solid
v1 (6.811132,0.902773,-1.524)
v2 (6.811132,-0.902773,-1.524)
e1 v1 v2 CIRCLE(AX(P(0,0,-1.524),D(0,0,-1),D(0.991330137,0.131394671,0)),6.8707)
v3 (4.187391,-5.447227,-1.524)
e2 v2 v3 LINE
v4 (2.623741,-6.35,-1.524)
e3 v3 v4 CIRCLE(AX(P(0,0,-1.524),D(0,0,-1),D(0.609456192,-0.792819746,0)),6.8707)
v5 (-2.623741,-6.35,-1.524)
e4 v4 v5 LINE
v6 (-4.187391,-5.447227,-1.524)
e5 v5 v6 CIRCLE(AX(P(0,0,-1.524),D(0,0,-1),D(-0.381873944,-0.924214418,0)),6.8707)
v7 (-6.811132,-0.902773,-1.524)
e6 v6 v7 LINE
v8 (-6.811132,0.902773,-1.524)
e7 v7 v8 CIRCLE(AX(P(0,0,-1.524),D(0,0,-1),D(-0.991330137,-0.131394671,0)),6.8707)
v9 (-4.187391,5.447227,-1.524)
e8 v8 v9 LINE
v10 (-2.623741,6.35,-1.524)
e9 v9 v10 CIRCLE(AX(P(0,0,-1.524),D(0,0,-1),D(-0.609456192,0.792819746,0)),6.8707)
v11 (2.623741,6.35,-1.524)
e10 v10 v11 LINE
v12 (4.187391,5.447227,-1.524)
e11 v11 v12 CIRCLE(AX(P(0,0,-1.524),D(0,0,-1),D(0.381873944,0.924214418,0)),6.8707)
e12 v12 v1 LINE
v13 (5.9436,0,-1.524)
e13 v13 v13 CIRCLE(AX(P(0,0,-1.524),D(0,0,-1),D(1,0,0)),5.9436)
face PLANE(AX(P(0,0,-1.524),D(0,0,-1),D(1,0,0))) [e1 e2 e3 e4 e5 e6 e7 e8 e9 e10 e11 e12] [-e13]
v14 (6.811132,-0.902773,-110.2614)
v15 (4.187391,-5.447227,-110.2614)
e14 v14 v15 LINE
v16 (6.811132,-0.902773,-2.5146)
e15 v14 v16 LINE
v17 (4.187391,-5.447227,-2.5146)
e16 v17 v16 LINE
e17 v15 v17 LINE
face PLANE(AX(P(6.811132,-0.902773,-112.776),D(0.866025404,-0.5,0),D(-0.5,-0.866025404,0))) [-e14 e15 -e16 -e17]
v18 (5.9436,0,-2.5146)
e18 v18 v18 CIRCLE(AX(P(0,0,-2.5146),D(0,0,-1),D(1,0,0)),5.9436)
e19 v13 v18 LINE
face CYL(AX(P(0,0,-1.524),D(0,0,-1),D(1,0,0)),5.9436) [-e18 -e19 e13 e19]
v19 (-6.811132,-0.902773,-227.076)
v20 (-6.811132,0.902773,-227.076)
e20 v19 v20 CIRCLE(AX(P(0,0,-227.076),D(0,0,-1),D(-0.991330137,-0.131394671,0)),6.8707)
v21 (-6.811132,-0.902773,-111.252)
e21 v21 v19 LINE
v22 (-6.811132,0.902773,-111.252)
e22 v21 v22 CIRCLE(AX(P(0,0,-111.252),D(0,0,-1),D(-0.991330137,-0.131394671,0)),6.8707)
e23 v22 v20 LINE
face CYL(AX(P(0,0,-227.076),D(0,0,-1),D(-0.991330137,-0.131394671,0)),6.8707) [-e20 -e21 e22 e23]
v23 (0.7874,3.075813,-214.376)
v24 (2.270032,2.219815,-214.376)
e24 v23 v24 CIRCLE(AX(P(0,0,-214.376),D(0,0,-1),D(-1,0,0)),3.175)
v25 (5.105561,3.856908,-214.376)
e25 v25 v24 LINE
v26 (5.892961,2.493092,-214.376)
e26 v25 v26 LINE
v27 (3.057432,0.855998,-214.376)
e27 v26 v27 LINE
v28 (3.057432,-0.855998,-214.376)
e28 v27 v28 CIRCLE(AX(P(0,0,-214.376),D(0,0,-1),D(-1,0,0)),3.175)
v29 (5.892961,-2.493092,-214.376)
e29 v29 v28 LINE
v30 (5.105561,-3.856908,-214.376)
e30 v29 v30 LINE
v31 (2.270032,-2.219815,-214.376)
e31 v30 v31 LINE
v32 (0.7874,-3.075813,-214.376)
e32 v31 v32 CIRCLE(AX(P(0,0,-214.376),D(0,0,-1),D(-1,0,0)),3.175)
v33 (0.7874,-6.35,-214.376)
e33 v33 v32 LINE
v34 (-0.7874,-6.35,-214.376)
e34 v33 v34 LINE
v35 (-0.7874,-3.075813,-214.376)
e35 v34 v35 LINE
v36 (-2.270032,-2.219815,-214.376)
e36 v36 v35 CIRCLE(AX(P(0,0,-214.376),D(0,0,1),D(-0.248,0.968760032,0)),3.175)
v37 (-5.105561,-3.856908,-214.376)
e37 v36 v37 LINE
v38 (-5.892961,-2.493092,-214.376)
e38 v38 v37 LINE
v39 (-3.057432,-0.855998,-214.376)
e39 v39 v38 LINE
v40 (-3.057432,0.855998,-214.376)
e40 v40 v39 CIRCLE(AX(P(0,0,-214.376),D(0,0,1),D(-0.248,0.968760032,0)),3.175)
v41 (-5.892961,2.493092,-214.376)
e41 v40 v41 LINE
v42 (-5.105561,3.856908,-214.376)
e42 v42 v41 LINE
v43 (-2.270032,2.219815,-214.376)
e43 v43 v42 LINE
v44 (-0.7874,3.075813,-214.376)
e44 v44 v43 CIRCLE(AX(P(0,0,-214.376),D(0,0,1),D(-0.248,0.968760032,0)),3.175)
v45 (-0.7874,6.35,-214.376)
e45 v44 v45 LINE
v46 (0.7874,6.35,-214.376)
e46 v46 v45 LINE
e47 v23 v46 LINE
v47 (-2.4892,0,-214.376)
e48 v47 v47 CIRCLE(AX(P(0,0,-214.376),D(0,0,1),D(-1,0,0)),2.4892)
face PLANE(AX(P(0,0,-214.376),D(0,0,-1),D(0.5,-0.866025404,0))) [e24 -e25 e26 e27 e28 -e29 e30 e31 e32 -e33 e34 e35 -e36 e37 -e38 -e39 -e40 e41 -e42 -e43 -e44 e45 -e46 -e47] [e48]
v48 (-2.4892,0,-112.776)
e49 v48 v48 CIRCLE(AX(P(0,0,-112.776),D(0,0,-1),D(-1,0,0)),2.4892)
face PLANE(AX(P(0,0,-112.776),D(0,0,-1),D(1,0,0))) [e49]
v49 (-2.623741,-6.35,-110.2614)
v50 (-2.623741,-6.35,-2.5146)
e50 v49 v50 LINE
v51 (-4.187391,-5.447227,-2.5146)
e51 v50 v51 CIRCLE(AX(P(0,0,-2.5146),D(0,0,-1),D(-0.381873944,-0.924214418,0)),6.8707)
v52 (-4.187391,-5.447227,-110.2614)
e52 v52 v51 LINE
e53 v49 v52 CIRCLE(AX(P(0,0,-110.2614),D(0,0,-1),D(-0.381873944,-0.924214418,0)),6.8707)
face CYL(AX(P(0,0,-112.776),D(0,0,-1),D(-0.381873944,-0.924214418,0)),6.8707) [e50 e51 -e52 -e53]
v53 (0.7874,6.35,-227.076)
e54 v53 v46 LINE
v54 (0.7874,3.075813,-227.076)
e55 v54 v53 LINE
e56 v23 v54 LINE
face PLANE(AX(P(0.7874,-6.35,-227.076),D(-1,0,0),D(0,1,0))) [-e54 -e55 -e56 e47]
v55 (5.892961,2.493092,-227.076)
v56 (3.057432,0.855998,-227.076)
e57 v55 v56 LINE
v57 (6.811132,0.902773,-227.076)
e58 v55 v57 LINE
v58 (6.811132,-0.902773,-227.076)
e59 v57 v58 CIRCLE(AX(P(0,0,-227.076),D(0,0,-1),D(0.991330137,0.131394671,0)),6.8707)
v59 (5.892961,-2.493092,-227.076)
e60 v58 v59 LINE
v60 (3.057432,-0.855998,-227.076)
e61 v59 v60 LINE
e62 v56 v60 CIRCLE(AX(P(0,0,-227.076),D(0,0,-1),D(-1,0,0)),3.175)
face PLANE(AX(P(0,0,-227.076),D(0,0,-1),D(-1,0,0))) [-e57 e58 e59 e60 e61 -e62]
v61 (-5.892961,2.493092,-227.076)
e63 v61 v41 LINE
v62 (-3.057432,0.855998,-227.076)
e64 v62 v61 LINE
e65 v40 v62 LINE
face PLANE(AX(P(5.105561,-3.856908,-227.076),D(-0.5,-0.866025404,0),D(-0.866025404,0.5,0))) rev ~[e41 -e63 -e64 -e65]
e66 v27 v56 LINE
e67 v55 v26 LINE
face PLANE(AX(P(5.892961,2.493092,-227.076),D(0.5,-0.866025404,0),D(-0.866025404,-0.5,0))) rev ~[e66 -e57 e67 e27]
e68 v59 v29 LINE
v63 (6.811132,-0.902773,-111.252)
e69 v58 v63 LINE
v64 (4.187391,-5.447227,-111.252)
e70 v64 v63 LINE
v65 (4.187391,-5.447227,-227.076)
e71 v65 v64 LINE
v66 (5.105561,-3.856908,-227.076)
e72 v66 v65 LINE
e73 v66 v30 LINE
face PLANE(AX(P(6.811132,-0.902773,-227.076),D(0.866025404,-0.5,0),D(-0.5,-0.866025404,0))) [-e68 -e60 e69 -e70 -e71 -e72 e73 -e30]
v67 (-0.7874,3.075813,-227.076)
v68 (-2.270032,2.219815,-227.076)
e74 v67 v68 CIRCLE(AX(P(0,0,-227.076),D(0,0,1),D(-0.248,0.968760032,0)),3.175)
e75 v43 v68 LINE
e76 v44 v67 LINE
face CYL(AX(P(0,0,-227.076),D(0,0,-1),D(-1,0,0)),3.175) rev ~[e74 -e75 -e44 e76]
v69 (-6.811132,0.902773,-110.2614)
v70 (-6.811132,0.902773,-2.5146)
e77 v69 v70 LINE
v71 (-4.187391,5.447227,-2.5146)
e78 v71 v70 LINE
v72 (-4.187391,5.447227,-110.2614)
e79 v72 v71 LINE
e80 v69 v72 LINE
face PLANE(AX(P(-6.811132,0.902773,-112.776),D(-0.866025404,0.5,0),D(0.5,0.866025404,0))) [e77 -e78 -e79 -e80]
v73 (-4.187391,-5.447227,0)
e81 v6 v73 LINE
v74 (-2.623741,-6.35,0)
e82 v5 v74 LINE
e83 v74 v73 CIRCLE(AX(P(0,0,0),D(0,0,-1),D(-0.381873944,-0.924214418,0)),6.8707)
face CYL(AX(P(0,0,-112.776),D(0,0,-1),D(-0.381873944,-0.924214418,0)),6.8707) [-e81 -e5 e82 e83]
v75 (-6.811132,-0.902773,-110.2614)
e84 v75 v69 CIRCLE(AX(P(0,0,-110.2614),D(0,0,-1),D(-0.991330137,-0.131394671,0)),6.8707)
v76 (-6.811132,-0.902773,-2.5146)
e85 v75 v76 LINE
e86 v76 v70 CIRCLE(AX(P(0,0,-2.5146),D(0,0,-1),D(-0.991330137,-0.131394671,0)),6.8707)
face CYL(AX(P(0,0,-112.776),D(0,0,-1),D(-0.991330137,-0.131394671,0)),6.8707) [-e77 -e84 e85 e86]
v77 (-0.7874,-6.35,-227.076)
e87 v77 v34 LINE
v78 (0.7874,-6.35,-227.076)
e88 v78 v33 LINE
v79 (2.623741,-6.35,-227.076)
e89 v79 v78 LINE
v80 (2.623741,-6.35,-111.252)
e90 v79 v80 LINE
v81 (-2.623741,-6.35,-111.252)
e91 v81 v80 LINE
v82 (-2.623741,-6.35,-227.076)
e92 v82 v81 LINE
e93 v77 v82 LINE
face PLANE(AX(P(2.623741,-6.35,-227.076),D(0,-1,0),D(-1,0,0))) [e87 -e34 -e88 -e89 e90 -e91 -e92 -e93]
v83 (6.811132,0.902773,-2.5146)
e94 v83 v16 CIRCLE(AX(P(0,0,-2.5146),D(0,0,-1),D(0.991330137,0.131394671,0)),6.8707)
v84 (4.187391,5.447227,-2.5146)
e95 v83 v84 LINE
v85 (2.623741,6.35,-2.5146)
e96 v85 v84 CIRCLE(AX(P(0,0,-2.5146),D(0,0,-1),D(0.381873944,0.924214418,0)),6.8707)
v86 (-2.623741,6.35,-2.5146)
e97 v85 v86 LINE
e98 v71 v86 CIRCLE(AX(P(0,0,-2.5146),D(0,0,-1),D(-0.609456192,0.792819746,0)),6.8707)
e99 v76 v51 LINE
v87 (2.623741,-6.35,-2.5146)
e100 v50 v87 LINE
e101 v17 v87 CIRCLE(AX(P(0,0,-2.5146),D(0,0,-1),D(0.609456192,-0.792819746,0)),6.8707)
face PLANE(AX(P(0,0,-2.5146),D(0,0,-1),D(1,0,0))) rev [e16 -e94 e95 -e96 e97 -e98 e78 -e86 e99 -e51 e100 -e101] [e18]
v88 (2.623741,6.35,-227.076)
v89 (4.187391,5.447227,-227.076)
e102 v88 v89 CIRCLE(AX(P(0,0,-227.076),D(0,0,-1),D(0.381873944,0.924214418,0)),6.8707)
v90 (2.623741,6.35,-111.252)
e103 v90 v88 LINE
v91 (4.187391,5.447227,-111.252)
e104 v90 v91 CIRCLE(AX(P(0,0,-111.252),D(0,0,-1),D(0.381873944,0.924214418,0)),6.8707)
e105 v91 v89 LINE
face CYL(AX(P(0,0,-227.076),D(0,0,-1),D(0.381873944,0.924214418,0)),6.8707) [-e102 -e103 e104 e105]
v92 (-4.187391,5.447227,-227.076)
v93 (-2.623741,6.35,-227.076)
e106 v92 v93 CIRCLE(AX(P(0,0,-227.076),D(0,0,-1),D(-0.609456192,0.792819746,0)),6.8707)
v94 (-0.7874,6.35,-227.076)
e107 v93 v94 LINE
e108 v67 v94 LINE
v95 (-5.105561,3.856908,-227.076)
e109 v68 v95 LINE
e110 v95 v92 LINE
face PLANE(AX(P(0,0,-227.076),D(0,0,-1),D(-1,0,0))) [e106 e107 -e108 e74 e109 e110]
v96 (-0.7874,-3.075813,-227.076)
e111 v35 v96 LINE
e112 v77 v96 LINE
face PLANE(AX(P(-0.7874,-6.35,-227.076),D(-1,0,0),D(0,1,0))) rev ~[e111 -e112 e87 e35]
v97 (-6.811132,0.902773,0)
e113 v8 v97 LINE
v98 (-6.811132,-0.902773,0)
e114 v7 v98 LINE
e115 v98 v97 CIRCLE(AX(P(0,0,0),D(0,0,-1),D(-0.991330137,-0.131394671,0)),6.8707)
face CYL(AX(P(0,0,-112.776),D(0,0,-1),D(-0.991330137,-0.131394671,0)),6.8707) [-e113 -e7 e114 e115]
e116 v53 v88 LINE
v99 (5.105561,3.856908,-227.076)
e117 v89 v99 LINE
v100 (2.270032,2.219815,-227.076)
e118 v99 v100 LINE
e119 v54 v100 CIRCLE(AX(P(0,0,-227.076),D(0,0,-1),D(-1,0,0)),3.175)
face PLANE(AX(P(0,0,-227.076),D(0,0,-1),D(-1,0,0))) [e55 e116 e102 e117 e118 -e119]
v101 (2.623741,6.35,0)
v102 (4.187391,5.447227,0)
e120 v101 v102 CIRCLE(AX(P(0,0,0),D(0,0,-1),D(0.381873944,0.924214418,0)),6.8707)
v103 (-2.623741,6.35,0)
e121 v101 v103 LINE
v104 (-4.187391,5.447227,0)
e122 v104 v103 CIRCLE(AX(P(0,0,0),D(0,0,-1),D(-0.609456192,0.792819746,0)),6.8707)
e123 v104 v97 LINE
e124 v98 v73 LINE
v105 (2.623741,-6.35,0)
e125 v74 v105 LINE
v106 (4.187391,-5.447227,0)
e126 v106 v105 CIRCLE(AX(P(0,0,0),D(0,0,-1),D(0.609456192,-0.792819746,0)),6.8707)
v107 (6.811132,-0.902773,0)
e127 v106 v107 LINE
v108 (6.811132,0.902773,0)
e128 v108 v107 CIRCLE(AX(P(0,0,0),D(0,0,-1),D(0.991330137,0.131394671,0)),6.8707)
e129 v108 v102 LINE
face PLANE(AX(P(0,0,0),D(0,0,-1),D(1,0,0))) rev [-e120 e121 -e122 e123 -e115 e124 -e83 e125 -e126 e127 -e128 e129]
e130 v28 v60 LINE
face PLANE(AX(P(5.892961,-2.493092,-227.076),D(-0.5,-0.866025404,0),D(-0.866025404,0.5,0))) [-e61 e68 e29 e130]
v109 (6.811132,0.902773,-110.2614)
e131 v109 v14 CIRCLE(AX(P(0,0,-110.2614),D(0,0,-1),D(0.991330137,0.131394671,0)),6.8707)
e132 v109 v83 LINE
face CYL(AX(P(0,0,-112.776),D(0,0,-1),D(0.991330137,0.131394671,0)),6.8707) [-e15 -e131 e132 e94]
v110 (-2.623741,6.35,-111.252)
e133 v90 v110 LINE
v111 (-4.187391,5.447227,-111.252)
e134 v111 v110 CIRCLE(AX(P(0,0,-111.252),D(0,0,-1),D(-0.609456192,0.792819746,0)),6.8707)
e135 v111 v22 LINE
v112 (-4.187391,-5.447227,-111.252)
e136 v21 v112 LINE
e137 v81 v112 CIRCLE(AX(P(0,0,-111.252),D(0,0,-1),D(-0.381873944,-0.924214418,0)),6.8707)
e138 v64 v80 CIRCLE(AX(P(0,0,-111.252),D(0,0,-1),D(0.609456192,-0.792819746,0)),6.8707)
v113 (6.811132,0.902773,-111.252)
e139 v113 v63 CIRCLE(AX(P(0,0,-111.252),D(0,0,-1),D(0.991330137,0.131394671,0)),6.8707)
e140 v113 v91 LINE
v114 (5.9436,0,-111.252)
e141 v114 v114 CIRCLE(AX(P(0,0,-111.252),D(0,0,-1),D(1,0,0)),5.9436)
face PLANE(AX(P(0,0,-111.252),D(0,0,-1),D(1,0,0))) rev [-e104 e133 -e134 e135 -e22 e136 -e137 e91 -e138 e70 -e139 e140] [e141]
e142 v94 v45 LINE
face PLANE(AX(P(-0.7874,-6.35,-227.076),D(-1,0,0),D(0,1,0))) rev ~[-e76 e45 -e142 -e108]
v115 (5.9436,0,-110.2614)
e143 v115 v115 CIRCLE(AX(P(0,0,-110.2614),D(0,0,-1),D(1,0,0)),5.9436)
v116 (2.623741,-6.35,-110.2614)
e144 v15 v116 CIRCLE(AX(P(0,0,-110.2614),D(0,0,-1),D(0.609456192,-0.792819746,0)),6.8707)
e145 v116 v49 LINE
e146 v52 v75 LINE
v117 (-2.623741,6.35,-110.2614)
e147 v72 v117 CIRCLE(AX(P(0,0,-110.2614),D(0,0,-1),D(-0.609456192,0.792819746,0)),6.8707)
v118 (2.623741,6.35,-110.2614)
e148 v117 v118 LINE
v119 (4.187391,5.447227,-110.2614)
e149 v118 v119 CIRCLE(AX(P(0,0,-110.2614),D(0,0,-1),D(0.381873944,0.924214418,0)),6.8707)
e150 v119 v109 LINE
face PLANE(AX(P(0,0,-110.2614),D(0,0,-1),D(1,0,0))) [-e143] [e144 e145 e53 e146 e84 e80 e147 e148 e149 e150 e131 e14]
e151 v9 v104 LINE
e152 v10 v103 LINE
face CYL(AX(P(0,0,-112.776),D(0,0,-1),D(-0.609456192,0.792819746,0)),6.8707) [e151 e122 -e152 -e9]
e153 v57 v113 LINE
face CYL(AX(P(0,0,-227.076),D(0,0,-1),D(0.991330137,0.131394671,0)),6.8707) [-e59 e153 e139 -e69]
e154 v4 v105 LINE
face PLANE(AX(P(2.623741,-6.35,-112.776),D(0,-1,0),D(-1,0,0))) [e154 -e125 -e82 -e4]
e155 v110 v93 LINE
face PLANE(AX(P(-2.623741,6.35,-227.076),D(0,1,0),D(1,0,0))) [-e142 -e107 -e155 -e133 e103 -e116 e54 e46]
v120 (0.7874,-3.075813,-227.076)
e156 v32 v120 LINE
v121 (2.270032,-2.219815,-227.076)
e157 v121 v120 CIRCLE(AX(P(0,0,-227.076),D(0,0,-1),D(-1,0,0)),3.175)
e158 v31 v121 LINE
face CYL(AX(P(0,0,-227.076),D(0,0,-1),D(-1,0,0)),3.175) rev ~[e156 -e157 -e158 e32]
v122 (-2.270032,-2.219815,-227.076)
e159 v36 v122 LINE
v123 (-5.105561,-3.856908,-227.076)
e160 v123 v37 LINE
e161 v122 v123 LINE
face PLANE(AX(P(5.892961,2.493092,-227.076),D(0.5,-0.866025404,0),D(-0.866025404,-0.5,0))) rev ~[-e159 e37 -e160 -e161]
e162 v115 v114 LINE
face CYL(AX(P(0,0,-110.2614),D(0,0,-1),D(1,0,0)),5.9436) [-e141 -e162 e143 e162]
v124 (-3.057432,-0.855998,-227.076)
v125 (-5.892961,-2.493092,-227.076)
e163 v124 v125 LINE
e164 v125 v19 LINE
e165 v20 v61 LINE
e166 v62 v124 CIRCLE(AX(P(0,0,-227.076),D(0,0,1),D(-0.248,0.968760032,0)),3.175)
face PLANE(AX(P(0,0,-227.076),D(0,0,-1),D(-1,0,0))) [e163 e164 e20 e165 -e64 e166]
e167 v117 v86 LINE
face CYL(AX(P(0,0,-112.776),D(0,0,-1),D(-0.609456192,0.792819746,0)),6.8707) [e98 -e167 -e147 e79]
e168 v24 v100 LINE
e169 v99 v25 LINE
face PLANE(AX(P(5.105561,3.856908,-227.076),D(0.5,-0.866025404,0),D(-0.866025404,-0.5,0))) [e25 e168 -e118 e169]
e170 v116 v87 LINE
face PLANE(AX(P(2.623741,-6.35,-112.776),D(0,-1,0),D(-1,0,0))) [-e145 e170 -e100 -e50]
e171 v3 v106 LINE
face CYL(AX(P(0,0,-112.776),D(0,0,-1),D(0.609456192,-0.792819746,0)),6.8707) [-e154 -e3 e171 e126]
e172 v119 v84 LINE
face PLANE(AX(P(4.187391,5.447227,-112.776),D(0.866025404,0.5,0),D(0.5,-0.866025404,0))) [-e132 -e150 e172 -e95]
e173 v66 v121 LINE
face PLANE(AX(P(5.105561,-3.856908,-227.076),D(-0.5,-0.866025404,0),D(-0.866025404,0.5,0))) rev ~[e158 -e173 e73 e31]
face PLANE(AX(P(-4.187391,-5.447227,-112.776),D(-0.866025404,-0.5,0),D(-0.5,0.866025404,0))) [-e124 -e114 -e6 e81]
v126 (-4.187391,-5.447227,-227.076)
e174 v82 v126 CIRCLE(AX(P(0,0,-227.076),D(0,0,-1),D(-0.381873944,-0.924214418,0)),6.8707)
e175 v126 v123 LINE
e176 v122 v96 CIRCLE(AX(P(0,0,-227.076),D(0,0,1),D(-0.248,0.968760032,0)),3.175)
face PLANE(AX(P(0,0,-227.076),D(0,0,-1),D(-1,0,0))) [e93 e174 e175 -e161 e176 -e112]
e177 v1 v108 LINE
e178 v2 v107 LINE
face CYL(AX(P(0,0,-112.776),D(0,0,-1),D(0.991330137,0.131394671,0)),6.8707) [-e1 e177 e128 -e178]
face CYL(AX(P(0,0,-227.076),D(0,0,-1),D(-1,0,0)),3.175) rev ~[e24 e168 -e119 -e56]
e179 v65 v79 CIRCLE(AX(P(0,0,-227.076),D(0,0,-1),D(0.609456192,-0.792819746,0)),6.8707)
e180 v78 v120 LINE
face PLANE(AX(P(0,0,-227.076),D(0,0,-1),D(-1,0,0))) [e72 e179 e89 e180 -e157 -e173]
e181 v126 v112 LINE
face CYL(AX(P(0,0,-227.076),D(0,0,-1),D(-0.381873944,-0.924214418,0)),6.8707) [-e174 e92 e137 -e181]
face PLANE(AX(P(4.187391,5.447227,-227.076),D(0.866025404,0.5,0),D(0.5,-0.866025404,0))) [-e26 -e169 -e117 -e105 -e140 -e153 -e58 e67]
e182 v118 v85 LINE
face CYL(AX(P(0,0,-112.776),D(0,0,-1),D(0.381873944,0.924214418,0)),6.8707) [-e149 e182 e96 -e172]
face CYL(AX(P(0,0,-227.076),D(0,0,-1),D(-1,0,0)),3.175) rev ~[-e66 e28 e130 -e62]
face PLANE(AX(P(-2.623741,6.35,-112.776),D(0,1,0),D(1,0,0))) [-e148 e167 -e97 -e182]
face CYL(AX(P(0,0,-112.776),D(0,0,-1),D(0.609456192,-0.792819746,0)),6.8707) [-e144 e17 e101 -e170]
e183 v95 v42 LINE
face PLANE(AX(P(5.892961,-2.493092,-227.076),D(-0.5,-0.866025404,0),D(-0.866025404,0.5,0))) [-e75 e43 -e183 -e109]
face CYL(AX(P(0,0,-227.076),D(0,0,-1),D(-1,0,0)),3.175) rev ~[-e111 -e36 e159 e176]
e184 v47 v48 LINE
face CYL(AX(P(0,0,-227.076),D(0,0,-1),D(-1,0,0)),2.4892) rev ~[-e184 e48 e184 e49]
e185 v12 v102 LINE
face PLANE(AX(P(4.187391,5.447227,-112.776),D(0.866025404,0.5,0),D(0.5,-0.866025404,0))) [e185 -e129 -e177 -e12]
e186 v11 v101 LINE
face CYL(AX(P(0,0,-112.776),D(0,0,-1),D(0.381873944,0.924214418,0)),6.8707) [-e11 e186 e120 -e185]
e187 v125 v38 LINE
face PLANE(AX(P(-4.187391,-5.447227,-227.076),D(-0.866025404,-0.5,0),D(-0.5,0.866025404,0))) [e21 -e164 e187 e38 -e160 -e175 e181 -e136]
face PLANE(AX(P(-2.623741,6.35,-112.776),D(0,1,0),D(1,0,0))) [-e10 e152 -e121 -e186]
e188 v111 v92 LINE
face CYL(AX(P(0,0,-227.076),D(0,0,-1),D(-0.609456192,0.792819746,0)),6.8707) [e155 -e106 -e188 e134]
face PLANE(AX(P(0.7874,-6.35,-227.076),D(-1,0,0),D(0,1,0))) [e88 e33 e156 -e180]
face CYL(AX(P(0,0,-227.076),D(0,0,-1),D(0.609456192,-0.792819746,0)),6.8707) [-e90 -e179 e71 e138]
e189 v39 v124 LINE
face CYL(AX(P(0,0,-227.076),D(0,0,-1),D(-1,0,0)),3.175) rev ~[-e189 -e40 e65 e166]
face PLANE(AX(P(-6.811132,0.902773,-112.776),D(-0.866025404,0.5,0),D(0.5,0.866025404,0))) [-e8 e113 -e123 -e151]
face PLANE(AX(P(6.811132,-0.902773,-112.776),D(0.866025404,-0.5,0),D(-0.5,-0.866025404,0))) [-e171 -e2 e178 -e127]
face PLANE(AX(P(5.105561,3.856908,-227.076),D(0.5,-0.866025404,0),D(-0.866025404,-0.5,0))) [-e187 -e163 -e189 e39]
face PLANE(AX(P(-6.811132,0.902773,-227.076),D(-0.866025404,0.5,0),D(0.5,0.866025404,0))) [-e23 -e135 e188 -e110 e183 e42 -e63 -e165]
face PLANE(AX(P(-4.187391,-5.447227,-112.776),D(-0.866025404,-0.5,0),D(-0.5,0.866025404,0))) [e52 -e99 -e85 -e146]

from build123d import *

# Parameters (mm, degrees)
SKETCH2_OUTSIDE_W   = 40.204
SKETCH2_OUTSIDE_H   = 40.204
CUT_EXTRUDE1_DEPTH  = 114.289694924
BOSS_EXTRUDE1_START = 114.3
SKETCH3_R           = 2.4892
BOSS_EXTRUDE1_DEPTH = 114.3
SKETCH4_R           = 3.175
CUT_EXTRUDE2_DEPTH  = 12.7
SKETCH5_W           = 1.5748
SKETCH5_H           = 12.7
CUT_EXTRUDE3_DEPTH  = 12.7
CIRPATTERN1_COUNT   = 6


with BuildPart() as part:
    # Sketch1 → Revolve3 (revolve)
    with BuildSketch(Plane(origin=(0, 0, 0), x_dir=(0, 0, -1), z_dir=(1, 0, 0)), mode=Mode.PRIVATE) as revolve3_sk:
        Polygon((111.252, 7.62), (112.776, 7.62), (112.776, 0), (0, 0), (0, 7.62), (1.524, 7.62), (1.524, 5.9436), (2.5146, 5.9436), (2.5146, 7.62), (110.2614, 7.62), (110.2614, 5.9436), (111.252, 5.9436), align=None)
    revolve(revolve3_sk.sketch.rotate(Axis((0, 0, 0), (0, 0, -1)), 90), axis=Axis((0, 0, 0), (0, 0, -1)))

    # Sketch2 outside → Cut-Extrude1 (cut, through all)
    with BuildSketch(Plane(origin=(0, 0, -112.776), x_dir=(-1, 0, 0), z_dir=(0, 0, -1))):
        Rectangle(SKETCH2_OUTSIDE_W, SKETCH2_OUTSIDE_H)
        with BuildLine():
            Line((6.811131972, 0.902773368), (4.187390656, 5.447226632))
            ThreePointArc((4.187390656, 5.447226632), (3.43535, 5.950200742), (2.623741315, 6.35))
            Line((2.623741315, 6.35), (-2.623741315, 6.35))
            ThreePointArc((-2.623741315, 6.35), (-3.43535, 5.950200742), (-4.187390656, 5.447226632))
            Line((-4.187390656, 5.447226632), (-6.811131972, 0.902773368))
            ThreePointArc((-6.811131972, 0.902773368), (-6.8707, 0), (-6.811131972, -0.902773368))
            Line((-6.811131972, -0.902773368), (-4.187390656, -5.447226632))
            ThreePointArc((-4.187390656, -5.447226632), (-3.43535, -5.950200742), (-2.623741315, -6.35))
            Line((-2.623741315, -6.35), (2.623741315, -6.35))
            ThreePointArc((2.623741315, -6.35), (3.43535, -5.950200742), (4.187390656, -5.447226632))
            Line((4.187390656, -5.447226632), (6.811131972, -0.902773368))
            ThreePointArc((6.811131972, -0.902773368), (6.8707, 0), (6.811131972, 0.902773368))
        make_face(mode=Mode.SUBTRACT)
    extrude(amount=-CUT_EXTRUDE1_DEPTH, mode=Mode.SUBTRACT)

    # Sketch3 → Boss-Extrude1 (add)
    with BuildSketch(Plane(origin=(0, 0, -112.776), x_dir=(-1, 0, 0), z_dir=(0, 0, -1)).offset(BOSS_EXTRUDE1_START)):
        with BuildLine():
            Line((4.187390656, -5.447226632), (6.811131972, -0.902773368))
            ThreePointArc((6.811131972, -0.902773368), (6.8707, 0), (6.811131972, 0.902773368))
            Line((6.811131972, 0.902773368), (4.187390656, 5.447226632))
            ThreePointArc((4.187390656, 5.447226632), (3.43535, 5.950200742), (2.623741315, 6.35))
            Line((2.623741315, 6.35), (-2.623741315, 6.35))
            ThreePointArc((-2.623741315, 6.35), (-3.43535, 5.950200742), (-4.187390656, 5.447226632))
            Line((-4.187390656, 5.447226632), (-6.811131972, 0.902773368))
            ThreePointArc((-6.811131972, 0.902773368), (-6.8707, 0), (-6.811131972, -0.902773368))
            Line((-6.811131972, -0.902773368), (-4.187390656, -5.447226632))
            ThreePointArc((-4.187390656, -5.447226632), (-3.43535, -5.950200742), (-2.623741315, -6.35))
            Line((-2.623741315, -6.35), (2.623741315, -6.35))
            ThreePointArc((2.623741315, -6.35), (3.43535, -5.950200742), (4.187390656, -5.447226632))
        make_face()
        Circle(SKETCH3_R, mode=Mode.SUBTRACT)
    extrude(amount=-BOSS_EXTRUDE1_DEPTH)

    # Sketch4 → Cut-Extrude2 (cut)
    with BuildSketch(Plane(origin=(0, 0, -227.076), x_dir=(-1, 0, 0), z_dir=(0, 0, -1))):
        Circle(SKETCH4_R)
    extrude(amount=-CUT_EXTRUDE2_DEPTH, mode=Mode.SUBTRACT)

    # Sketch5 → Cut-Extrude3 (cut)
    with BuildSketch(Plane(origin=(0, 0, -227.076), x_dir=(-1, 0, 0), z_dir=(0, 0, -1))):
        Rectangle(SKETCH5_W, SKETCH5_H)
    cut_extrude3 = extrude(amount=-CUT_EXTRUDE3_DEPTH, mode=Mode.SUBTRACT)

    # CirPattern1: Cut-Extrude3 ×6 about axis
    cirpattern1_axis = Axis((0, 0, 0), (0, 0, 1))
    for i in range(1, CIRPATTERN1_COUNT):
        add(cut_extrude3.rotate(cirpattern1_axis, i * 360 / CIRPATTERN1_COUNT), mode=Mode.SUBTRACT)


solid = part.part
